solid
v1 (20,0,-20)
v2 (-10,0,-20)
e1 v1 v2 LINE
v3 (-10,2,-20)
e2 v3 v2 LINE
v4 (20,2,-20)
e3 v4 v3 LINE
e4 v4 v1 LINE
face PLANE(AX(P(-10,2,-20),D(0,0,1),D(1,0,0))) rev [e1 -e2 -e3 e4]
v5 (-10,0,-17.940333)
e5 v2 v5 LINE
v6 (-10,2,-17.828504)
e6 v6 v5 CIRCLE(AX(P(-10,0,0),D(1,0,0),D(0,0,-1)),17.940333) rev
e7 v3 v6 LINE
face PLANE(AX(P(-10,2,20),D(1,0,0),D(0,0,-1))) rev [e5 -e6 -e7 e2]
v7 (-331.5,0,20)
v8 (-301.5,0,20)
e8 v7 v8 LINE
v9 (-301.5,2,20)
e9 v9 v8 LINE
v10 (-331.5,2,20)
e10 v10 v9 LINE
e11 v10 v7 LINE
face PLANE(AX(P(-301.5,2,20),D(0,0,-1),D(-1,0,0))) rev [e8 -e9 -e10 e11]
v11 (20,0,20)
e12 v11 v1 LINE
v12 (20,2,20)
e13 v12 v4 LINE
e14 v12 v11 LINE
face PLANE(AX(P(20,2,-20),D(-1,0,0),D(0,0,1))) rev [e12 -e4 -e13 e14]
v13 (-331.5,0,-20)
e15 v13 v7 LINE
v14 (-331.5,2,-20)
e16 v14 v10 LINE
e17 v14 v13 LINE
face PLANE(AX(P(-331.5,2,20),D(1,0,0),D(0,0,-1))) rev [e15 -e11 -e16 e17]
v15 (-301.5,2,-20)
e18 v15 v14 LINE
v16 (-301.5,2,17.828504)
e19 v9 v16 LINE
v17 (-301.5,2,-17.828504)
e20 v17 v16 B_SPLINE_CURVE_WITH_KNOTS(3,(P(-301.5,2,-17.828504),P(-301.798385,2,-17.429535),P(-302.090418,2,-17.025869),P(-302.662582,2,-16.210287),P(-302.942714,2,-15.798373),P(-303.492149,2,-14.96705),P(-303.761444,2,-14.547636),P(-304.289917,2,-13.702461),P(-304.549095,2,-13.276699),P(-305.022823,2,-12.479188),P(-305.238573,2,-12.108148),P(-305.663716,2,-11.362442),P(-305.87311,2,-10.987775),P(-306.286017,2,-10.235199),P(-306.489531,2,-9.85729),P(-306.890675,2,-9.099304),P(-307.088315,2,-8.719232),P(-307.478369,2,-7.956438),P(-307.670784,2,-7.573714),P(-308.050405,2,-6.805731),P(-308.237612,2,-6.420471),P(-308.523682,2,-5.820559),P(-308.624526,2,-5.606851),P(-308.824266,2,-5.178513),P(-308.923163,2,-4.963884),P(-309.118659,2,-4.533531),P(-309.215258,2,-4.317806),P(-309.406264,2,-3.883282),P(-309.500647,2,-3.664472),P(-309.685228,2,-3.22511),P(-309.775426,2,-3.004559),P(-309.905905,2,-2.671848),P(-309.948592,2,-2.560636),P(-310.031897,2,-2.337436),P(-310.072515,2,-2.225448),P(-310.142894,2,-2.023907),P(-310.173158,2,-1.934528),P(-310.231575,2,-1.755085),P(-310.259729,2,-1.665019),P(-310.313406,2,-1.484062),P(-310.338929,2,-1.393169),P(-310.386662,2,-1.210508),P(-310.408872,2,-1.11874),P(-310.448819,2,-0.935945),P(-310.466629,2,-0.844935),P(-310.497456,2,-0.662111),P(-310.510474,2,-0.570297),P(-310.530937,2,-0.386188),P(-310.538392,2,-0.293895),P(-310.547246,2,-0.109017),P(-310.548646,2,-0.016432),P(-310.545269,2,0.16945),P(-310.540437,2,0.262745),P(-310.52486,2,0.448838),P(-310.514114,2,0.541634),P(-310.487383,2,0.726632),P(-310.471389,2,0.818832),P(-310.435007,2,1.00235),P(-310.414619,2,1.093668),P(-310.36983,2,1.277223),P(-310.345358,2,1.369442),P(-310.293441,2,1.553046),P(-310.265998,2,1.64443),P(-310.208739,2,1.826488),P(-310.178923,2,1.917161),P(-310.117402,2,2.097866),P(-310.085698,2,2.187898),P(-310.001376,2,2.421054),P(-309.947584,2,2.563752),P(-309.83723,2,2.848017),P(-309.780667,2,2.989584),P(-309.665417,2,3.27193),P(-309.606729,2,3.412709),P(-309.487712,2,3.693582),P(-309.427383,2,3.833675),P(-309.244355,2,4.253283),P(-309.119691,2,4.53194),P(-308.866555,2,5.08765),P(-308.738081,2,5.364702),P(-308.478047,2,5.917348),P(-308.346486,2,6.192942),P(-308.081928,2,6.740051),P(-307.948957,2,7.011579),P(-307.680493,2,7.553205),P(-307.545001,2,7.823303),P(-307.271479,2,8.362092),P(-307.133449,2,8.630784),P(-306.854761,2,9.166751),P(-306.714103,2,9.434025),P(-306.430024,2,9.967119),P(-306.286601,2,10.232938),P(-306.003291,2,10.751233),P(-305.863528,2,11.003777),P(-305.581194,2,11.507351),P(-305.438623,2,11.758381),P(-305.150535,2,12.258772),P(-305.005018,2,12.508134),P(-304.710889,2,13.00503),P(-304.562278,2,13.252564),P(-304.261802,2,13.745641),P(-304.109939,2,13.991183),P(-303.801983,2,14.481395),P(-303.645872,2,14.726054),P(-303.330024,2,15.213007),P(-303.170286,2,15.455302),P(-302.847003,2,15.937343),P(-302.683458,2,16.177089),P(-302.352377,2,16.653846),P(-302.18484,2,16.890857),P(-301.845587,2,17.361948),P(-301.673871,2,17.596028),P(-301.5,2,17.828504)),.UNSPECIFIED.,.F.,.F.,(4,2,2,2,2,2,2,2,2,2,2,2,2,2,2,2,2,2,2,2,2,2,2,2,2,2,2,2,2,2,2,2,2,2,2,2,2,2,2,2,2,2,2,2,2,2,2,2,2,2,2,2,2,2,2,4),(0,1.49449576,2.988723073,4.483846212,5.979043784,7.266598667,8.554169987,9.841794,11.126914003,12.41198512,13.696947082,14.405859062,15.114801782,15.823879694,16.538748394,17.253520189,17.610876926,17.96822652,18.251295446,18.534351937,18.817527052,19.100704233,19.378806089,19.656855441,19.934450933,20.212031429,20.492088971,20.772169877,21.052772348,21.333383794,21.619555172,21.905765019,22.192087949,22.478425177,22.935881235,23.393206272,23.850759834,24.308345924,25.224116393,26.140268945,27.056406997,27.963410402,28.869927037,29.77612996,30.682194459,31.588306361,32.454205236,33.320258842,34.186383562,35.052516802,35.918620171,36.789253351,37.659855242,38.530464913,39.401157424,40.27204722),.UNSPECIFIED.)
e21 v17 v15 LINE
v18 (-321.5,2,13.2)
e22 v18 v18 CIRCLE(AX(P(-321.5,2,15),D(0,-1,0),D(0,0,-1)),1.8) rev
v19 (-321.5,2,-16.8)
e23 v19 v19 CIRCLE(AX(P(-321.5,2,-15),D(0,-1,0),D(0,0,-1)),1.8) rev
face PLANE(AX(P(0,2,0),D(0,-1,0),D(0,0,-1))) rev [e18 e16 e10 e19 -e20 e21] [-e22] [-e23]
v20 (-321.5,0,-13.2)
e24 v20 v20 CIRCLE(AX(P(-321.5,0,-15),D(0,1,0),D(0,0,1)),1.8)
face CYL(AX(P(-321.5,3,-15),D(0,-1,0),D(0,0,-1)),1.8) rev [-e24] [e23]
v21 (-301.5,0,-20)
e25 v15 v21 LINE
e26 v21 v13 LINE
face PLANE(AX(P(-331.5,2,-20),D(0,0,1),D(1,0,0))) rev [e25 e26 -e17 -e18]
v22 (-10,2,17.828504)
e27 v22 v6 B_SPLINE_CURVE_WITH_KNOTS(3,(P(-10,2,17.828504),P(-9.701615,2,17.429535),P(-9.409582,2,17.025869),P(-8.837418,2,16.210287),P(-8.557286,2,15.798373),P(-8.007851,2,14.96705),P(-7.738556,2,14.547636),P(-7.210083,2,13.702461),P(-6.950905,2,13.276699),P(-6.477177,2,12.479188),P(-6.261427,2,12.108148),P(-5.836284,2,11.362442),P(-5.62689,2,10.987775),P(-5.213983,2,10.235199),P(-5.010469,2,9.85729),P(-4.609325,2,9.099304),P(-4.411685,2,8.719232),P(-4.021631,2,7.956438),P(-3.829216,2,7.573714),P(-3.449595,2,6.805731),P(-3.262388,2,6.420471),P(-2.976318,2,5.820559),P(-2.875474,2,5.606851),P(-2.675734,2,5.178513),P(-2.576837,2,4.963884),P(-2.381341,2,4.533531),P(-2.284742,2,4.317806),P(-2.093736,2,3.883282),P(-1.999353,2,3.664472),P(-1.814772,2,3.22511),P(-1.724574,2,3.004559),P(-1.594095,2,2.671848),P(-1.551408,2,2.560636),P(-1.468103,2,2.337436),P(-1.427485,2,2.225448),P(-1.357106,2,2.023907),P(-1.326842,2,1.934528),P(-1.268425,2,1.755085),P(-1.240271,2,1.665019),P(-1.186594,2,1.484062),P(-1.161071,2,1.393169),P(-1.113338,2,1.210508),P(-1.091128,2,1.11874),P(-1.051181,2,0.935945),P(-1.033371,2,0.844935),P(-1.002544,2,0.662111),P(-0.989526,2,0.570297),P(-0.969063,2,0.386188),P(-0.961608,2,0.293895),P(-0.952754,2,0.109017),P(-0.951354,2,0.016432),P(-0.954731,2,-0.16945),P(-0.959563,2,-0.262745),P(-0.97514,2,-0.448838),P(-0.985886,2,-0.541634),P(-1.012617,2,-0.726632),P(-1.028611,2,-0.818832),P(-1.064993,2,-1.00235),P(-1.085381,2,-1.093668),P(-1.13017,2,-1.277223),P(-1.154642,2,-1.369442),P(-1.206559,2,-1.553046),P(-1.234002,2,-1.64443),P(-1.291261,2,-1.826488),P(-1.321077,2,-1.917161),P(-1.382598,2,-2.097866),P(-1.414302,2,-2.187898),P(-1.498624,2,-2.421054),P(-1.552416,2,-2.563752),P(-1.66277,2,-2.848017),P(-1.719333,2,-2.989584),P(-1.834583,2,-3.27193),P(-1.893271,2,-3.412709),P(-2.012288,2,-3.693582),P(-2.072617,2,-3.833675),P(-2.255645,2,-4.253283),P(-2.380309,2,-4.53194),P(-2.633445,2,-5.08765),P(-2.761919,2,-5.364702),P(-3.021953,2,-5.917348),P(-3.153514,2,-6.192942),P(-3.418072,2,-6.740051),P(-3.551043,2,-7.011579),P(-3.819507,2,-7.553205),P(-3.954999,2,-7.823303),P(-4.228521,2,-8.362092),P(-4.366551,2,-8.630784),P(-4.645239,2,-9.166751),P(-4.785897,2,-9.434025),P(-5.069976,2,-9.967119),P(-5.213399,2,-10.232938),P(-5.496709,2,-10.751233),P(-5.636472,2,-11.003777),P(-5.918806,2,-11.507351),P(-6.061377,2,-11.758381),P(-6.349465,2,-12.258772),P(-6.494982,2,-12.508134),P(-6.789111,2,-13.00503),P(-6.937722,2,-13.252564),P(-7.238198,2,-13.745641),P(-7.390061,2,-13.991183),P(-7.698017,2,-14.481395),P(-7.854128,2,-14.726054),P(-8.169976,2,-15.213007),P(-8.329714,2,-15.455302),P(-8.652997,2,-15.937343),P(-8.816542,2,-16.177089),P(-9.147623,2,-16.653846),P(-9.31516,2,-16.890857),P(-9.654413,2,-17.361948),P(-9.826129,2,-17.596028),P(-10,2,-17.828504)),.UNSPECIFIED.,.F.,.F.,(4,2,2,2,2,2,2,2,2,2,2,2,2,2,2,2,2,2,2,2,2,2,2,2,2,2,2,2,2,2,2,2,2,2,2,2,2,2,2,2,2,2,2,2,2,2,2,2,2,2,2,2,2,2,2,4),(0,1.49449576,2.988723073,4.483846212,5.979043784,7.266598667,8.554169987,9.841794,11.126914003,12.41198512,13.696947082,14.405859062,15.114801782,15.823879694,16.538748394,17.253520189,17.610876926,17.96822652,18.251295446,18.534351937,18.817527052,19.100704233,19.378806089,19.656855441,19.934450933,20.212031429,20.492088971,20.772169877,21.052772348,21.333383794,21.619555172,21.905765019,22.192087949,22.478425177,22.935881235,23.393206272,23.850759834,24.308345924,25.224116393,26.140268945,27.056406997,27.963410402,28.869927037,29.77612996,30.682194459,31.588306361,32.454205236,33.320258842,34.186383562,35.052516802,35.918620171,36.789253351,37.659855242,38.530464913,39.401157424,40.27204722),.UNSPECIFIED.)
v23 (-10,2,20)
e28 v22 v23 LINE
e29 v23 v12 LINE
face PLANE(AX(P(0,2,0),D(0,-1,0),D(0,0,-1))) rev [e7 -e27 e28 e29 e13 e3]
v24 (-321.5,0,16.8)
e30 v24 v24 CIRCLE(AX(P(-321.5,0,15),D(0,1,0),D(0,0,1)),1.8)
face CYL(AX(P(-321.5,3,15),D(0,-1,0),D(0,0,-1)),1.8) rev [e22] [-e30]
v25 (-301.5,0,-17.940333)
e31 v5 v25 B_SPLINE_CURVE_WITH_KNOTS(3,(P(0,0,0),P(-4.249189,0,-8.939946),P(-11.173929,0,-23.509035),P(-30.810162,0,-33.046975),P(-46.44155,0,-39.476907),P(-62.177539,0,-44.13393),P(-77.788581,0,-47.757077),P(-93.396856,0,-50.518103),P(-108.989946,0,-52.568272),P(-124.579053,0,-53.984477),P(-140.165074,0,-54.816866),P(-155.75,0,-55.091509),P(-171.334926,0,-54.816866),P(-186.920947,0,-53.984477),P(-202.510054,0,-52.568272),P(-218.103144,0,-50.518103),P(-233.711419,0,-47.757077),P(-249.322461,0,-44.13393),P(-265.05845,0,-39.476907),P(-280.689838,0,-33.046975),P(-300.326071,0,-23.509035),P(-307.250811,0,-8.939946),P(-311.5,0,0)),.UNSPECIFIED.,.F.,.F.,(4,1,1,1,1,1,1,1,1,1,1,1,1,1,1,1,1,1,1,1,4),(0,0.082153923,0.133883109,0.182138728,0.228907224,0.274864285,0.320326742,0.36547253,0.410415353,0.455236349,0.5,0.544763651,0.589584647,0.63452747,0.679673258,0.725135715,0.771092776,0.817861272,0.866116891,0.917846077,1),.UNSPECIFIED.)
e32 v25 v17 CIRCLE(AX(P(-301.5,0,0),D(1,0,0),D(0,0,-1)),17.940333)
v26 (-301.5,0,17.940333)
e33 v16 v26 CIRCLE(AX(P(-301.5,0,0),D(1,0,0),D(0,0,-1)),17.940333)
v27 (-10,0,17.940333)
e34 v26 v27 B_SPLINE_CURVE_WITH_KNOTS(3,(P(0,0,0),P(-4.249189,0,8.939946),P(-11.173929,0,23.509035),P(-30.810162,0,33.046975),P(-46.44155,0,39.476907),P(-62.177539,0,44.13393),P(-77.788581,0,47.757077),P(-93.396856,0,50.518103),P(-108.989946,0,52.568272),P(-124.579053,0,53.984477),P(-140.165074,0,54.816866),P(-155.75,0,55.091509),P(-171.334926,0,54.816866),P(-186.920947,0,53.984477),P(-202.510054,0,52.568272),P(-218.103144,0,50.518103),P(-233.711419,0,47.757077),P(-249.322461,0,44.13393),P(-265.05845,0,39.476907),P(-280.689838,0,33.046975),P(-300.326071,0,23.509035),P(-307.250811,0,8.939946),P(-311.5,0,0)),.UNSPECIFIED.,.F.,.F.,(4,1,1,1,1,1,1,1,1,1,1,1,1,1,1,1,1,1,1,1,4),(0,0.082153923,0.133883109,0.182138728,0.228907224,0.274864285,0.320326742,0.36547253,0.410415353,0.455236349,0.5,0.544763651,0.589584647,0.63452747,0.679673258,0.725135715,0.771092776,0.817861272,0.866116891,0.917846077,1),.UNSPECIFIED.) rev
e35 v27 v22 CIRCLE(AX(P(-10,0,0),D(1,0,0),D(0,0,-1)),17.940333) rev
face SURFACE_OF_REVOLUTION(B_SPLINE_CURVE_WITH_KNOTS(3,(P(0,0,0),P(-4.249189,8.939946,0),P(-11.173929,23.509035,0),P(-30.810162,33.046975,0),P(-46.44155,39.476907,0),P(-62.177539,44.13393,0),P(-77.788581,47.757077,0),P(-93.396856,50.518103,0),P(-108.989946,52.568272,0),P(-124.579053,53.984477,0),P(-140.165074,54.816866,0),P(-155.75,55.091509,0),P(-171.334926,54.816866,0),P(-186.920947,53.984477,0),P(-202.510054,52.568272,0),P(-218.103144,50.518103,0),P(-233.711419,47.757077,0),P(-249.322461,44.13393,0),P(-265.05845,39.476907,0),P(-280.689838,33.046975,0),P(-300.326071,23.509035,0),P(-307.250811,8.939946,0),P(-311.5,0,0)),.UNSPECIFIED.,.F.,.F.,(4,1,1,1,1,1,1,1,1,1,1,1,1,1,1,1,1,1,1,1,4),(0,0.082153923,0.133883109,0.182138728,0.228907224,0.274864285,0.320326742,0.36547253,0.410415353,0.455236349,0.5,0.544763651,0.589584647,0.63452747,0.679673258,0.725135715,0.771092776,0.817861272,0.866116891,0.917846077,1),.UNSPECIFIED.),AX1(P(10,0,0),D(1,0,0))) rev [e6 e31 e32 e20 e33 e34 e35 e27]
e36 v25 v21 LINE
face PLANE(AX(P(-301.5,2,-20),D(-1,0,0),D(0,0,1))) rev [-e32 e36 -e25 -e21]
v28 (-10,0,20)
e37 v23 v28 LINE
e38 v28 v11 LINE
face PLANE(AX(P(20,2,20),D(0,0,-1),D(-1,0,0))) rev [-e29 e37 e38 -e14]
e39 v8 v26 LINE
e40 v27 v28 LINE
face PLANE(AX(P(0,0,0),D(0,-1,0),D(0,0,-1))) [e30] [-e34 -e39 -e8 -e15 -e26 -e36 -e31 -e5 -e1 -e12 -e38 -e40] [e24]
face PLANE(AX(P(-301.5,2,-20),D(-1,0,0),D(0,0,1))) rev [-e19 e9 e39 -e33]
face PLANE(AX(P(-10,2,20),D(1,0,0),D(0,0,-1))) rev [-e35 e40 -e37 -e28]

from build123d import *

# Parameters (mm, degrees)
SKETCH2_W           = 411.5
SKETCH2_H           = 160
CUT_EXTRUDE1_DEPTH  = 80
SKETCH3_W           = 30
SKETCH3_H           = 40
BOSS_EXTRUDE1_DEPTH = 2
SKETCH4_R           = 1.8
CUT_EXTRUDE2_DEPTH  = 3


with BuildPart() as part:
    # Sketch1 → Revolve1 (revolve)
    with BuildSketch(Plane.XY):
        with BuildLine():
            Line((-311.5, 0), (0, 0))
            add(Edge.make_bspline(
                [(0, 0), (-4.249188638, 8.939946202), (-11.173928963, 23.509034853), (-30.810162159, 33.046974687), (-46.441549878, 39.47690674), (-62.177539308, 44.133929886), (-77.788581107, 47.757077421), (-93.396855786, 50.518103448), (-108.989945516, 52.568272273), (-124.579052843, 53.984477346), (-140.165074085, 54.816865647), (-155.75, 55.091508563), (-171.334925915, 54.816865647), (-186.920947157, 53.984477346), (-202.510054484, 52.568272273), (-218.103144214, 50.518103448), (-233.711418893, 47.757077421), (-249.322460692, 44.133929886), (-265.058450122, 39.47690674), (-280.689837841, 33.046974687), (-300.326071037, 23.509034853), (-307.250811362, 8.939946202), (-311.5, 0)],
                knots=[0, 0, 0, 0, 0.082153923, 0.133883109, 0.182138728, 0.228907224, 0.274864285, 0.320326742, 0.36547253, 0.410415353, 0.455236349, 0.5, 0.544763651, 0.589584647, 0.63452747, 0.679673258, 0.725135715, 0.771092776, 0.817861272, 0.866116891, 0.917846077, 1, 1, 1, 1], degree=3))
        make_face()
    revolve(axis=Axis((10, 0, 0), (-1, 0, 0)))

    # Sketch2 → Cut-Extrude1 (cut)
    with BuildSketch(Plane(origin=(0, 0, 0), x_dir=(1, 0, 0), z_dir=(0, 1, 0))):
        with Locations((-155.75, 0)):
            Rectangle(SKETCH2_W, SKETCH2_H)
    extrude(amount=-CUT_EXTRUDE1_DEPTH, mode=Mode.SUBTRACT)

    # Sketch3 → Boss-Extrude1 (add)
    with BuildSketch(Plane(origin=(0, 0, 0), x_dir=(1, 0, 0), z_dir=(0, 1, 0))):
        with Locations((-316.5, 0)):
            Rectangle(SKETCH3_W, SKETCH3_H)
        with Locations((5, 0)):
            Rectangle(SKETCH3_W, SKETCH3_H)
    extrude(amount=BOSS_EXTRUDE1_DEPTH)

    # Sketch4 → Cut-Extrude2 (cut)
    with BuildSketch(Plane(origin=(0, 0, 0), x_dir=(1, 0, 0), z_dir=(0, 1, 0))):
        with Locations(Location((-321.5, -15, 0), (0, 0, 90))):
            Circle(SKETCH4_R)
        with Locations(Location((-321.5, 15, 0), (0, 0, 90))):
            Circle(SKETCH4_R)
    extrude(amount=CUT_EXTRUDE2_DEPTH, mode=Mode.SUBTRACT)


solid = part.part
